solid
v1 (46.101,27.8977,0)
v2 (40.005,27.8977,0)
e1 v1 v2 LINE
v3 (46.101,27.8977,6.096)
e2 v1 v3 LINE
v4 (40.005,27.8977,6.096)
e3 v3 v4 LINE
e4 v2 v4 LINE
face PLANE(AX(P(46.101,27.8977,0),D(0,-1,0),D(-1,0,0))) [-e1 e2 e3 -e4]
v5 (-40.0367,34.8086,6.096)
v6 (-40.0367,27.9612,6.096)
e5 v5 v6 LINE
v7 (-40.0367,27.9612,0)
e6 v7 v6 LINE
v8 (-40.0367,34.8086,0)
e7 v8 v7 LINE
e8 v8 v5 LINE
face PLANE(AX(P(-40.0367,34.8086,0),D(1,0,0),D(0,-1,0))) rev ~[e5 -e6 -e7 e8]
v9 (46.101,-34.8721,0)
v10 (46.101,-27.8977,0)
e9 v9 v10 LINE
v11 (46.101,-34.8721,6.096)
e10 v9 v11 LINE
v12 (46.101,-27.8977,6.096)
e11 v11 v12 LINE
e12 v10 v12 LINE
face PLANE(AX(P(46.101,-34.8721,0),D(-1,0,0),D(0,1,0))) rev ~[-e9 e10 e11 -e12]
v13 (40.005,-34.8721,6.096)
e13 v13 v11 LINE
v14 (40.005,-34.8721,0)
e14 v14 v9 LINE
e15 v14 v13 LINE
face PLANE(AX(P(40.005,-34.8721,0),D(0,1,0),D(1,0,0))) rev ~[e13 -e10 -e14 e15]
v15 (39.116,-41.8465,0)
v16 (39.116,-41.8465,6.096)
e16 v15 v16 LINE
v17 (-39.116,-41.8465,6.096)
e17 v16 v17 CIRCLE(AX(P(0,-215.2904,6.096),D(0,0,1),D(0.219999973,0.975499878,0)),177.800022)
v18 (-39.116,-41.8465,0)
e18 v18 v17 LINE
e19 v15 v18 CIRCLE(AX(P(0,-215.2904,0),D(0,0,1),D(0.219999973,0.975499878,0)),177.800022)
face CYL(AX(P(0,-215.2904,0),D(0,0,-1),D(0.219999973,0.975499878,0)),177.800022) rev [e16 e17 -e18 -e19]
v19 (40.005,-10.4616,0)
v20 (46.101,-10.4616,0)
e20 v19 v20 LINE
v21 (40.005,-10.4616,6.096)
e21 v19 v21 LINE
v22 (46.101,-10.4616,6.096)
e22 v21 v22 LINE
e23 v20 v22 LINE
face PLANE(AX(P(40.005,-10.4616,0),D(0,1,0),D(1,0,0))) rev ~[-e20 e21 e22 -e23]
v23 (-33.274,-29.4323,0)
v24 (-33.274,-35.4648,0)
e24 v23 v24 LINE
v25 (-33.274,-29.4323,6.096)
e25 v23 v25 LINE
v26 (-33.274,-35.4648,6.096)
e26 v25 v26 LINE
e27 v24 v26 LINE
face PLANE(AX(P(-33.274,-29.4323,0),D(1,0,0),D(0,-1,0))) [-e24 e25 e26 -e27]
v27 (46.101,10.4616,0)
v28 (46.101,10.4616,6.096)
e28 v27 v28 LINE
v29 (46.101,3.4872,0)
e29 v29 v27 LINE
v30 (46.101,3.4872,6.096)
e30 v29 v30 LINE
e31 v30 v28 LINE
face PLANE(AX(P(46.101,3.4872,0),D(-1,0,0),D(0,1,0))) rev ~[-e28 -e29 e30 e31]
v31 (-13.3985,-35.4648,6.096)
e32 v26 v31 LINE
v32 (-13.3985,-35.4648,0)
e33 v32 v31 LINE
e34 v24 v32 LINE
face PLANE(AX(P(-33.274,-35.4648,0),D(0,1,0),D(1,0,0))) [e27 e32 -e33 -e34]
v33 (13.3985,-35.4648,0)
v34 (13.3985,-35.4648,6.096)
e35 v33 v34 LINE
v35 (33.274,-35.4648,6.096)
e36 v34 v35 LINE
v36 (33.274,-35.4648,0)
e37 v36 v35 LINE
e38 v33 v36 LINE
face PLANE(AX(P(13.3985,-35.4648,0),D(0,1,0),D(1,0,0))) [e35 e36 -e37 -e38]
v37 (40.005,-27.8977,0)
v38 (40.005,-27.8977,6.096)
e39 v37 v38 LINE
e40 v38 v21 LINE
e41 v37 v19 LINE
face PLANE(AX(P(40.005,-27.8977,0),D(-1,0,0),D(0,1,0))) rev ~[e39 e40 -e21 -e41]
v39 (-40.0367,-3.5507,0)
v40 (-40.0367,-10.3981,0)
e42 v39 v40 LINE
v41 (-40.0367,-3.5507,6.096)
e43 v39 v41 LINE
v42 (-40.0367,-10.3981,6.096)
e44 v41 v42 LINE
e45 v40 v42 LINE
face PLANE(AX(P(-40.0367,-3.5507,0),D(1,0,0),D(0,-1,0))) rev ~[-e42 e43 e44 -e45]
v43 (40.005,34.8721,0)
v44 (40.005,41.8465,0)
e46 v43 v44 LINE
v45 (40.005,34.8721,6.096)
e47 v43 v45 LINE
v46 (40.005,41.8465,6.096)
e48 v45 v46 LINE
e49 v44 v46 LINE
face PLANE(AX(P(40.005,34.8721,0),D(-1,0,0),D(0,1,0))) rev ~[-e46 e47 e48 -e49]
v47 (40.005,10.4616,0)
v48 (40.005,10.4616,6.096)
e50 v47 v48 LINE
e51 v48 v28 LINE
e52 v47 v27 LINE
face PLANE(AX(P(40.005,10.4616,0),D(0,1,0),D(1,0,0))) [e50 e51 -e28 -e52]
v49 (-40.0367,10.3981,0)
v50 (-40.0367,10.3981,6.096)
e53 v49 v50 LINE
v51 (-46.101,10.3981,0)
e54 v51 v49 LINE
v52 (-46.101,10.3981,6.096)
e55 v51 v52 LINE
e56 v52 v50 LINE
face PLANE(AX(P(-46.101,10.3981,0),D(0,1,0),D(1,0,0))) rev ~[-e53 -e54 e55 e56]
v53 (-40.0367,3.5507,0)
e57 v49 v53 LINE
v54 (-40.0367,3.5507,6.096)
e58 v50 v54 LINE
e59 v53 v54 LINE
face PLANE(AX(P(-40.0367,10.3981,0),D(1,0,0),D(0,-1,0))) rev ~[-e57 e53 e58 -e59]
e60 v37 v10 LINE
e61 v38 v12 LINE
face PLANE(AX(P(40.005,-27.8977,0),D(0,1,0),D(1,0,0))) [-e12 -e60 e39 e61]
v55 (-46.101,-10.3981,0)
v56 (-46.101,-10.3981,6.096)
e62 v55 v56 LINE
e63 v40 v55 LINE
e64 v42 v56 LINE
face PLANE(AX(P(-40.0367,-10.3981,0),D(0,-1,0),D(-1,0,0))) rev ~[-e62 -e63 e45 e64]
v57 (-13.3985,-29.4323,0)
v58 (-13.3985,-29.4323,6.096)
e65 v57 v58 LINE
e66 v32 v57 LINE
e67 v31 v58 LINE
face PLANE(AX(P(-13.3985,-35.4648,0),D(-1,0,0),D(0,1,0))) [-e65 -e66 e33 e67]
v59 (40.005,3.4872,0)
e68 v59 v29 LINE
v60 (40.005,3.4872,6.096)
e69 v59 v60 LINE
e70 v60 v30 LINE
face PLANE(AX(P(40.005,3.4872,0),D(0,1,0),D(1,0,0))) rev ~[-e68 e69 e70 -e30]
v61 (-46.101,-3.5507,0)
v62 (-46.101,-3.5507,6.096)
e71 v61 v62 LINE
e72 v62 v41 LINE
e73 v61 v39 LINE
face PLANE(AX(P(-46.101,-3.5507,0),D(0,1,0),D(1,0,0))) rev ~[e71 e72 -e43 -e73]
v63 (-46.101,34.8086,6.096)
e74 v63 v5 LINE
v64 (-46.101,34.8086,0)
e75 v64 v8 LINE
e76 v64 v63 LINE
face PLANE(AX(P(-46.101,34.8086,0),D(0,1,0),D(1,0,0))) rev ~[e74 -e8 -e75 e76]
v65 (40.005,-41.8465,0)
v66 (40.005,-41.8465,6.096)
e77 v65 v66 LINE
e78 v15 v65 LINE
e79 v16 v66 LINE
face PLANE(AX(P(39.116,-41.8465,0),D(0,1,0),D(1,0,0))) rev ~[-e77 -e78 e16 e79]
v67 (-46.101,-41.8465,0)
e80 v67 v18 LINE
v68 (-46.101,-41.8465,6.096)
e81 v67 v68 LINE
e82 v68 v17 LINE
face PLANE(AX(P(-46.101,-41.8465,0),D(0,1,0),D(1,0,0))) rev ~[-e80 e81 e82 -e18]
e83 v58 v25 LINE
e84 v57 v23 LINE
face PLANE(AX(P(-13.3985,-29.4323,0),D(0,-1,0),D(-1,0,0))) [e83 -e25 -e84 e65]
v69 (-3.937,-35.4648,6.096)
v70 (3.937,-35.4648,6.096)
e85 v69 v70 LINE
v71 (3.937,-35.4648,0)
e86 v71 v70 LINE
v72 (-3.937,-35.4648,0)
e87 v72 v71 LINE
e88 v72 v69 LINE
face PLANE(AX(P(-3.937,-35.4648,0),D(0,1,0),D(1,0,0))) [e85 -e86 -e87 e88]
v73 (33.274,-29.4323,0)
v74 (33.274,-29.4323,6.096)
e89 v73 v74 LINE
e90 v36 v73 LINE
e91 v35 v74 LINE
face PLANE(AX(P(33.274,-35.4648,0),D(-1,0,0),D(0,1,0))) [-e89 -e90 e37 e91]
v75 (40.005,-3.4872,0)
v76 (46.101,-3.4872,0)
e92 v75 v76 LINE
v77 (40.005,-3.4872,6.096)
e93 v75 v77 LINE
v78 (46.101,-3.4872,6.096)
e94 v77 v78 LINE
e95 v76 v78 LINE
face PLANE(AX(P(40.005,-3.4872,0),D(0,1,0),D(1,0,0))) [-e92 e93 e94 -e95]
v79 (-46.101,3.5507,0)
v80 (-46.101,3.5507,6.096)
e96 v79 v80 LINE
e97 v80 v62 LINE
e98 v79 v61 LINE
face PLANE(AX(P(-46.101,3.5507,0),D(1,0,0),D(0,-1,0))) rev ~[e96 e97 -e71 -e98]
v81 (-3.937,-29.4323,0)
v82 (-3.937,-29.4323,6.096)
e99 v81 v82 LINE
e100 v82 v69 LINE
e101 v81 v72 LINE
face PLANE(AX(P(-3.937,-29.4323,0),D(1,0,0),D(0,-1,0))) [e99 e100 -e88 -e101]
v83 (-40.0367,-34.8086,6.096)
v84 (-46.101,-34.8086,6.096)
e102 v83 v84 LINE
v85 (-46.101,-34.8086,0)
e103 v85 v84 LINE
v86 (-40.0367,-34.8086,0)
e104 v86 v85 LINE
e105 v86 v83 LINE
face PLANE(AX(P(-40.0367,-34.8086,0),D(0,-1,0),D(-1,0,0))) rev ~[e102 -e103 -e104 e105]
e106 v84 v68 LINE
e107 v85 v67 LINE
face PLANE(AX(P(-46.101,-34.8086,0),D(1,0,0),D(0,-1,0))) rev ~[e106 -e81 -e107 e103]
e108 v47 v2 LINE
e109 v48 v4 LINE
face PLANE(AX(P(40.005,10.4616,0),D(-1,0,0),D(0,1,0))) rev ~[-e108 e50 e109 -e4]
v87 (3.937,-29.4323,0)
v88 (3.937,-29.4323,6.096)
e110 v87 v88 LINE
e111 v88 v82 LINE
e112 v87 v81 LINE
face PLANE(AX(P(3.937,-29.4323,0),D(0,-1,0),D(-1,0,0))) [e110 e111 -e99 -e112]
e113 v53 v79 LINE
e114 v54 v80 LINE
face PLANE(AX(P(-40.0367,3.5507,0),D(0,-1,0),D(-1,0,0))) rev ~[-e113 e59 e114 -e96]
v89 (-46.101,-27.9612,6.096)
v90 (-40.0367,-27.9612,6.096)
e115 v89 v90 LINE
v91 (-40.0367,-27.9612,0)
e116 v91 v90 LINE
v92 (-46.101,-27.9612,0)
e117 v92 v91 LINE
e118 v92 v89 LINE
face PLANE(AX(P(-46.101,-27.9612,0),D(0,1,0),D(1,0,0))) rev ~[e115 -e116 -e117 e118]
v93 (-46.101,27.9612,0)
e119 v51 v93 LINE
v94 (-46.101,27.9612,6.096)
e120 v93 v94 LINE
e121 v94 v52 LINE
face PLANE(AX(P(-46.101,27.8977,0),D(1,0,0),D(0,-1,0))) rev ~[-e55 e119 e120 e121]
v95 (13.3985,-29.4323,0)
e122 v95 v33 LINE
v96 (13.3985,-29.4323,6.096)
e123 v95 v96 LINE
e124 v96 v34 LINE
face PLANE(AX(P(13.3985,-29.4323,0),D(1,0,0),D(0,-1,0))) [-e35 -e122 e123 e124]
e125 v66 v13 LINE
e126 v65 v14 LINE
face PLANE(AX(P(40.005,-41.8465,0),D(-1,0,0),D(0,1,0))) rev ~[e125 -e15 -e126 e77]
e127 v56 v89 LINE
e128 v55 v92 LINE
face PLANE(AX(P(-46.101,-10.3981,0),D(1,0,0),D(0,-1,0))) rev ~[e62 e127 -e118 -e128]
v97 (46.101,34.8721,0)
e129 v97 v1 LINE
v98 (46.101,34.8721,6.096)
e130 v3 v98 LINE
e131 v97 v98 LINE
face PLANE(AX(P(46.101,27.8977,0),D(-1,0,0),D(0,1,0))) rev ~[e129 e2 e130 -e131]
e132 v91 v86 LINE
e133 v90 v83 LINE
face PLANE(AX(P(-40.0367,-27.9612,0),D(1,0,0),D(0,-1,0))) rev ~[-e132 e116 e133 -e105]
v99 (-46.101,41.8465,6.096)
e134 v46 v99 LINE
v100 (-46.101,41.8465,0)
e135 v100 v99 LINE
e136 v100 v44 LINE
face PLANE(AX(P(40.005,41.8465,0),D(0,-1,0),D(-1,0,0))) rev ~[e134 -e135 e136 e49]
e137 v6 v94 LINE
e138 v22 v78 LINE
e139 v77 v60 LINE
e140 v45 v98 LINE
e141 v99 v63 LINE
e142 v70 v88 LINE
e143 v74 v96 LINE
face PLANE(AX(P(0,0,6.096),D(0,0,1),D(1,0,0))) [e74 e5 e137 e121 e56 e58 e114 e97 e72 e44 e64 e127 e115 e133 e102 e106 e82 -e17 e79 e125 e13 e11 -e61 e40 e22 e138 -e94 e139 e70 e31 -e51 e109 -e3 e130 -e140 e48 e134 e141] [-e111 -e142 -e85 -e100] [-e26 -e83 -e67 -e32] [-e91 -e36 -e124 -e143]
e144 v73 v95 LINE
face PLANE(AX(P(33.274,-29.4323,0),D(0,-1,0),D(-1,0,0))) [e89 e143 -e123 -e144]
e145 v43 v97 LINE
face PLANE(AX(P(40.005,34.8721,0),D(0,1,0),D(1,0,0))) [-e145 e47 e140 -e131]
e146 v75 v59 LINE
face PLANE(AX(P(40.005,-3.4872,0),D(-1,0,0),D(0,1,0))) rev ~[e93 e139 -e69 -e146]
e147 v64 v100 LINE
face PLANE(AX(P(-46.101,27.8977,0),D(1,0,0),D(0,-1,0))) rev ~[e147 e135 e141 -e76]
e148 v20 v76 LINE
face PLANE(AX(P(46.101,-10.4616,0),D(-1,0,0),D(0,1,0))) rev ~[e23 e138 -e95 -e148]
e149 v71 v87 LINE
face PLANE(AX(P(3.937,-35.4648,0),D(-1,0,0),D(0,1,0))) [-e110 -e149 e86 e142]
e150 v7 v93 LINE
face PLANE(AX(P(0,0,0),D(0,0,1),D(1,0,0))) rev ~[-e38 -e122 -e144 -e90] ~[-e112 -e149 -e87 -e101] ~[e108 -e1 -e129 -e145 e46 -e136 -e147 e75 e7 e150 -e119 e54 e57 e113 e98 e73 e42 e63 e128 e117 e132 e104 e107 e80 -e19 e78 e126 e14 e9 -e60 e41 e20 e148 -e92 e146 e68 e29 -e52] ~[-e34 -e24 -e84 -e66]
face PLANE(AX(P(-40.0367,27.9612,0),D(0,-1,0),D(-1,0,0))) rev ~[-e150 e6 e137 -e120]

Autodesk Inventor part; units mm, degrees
ref_plane "YZ Plane" through (0, 0, 0) normal (1, 0, 0) x (0, 1, 0)
ref_plane "XZ Plane" through (0, 0, 0) normal (0, 1, 0) x (-1, 0, 0)
ref_plane "XY Plane" through (0, 0, 0) normal (0, 0, 1) x (1, 0, 0)
sketch "Sketch1" plane through (0, 0, 0) normal (0, 0, 1) x (1, 0, 0)
  line L0 (-46.101, -41.8465) -> (-39.116, -41.8465)
  line L1 (46.101, -41.8465) -> (46.101, -34.8721)
  line L2 (46.101, 41.8465) -> (-46.101, 41.8465)
  line L3 (-46.101, 41.8465) -> (-46.101, 34.8721)
  line L4 (-46.101, -41.8465) -> (46.101, 41.8465) construction
  line L5 (46.101, -41.8465) -> (-46.101, 41.8465) construction
  line L6 (-40.005, 41.8465) -> (-40.005, 34.8721) construction
  line L7 (40.005, -41.8465) -> (40.005, -34.8721)
  line L8 (-40.005, -29.4005) -> (-33.3375, -29.4005) construction
  line L9 (-40.005, -35.4965) -> (-33.3375, -35.4965) construction
  line L10 (-33.3375, -29.4005) -> (-33.3375, -35.4965) construction
  line L11 (-13.335, -29.4005) -> (-13.335, -35.4965) construction
  line L12 (-33.3375, -29.4005) -> (-13.335, -29.4005) construction
  line L13 (-13.335, -29.4005) -> (-4.0005, -29.4005) construction
  line L14 (-13.335, -35.4965) -> (-4.0005, -35.4965) construction
  line L15 (-33.3375, -35.4965) -> (-13.335, -35.4965) construction
  line L16 (-64.5414, 0) -> (64.5414, 0) construction
  line L17 (-46.101, 34.8721) -> (-40.005, 34.8721) construction
  line L18 (-46.101, 27.8977) -> (-40.005, 27.8977) construction
  line L19 (40.005, 34.8721) -> (46.101, 34.8721)
  line L20 (-46.101, 34.8721) -> (-46.101, 34.8086)
  line L21 (-46.101, 27.8977) -> (-46.101, 10.3981)
  line L22 (-40.005, 34.8721) -> (-40.005, 27.8977) construction
  line L23 (-40.005, 27.8977) -> (-40.005, 10.4616) construction
  line L24 (46.101, 34.8721) -> (46.101, 41.8465)
  line L25 (40.005, 34.8721) -> (40.005, 41.8465)
  line L26 (-33.274, -35.4648) -> (-13.3985, -35.4648)
  line L27 (-13.3985, -35.4648) -> (-13.3985, -29.4323)
  line L28 (-13.3985, -29.4323) -> (-33.274, -29.4323)
  line L29 (-33.274, -29.4323) -> (-33.274, -35.4648)
  line L30 (-33.274, -35.4648) -> (-13.3985, -29.4323) construction
  line L31 (-13.3985, -35.4648) -> (-33.274, -29.4323) construction
  line L32 (-23.3362, -32.4485) -> (-23.3362, -29.4005) construction
  line L33 (-23.3362, -32.4485) -> (-13.335, -32.4485) construction
  line L34 (-46.101, 34.8086) -> (-40.0367, 34.8086)
  line L35 (-40.0367, 34.8086) -> (-40.0367, 27.9612)
  line L36 (-40.0367, 27.9612) -> (-46.101, 27.9612)
  line L37 (-40.0367, 31.3849) -> (-40.005, 31.3849) construction
  line L38 (-46.101, 34.8086) -> (-46.101, 27.9612)
  line L39 (-46.101, 27.9612) -> (-46.101, 27.8977)
  arc A0 (39.116, -41.8465) -> (-39.116, -41.8465) centre (0, -215.2904) ccw
  line L40 (0, 93.2739) -> (0, -266.7178) construction
  line L41 (-39.116, -41.8465) -> (39.116, -41.8465)
  line L42 (39.116, -41.8465) -> (40.005, -41.8465)
  line L43 (-4.0005, -29.4005) -> (-4.0005, -35.4965) construction
  line L44 (4.0005, -29.4005) -> (4.0005, -35.4965) construction
  line L45 (13.335, -29.4005) -> (13.335, -35.4965) construction
  line L46 (33.3375, -29.4005) -> (33.3375, -35.4965) construction
  line L47 (-3.937, -35.4648) -> (3.937, -35.4648)
  line L48 (3.937, -35.4648) -> (3.937, -29.4323)
  line L49 (3.937, -29.4323) -> (-3.937, -29.4323)
  line L50 (-3.937, -29.4323) -> (-3.937, -35.4648)
  line L51 (-3.937, -35.4648) -> (3.937, -29.4323) construction
  line L52 (3.937, -35.4648) -> (-3.937, -29.4323) construction
  line L53 (13.3985, -35.4648) -> (33.274, -35.4648)
  line L54 (33.274, -35.4648) -> (33.274, -29.4323)
  line L55 (33.274, -29.4323) -> (13.3985, -29.4323)
  line L56 (13.3985, -29.4323) -> (13.3985, -35.4648)
  line L57 (13.3985, -35.4648) -> (33.274, -29.4323) construction
  line L58 (33.274, -35.4648) -> (13.3985, -29.4323) construction
  line L59 (-4.0005, -35.4965) -> (4.0005, -35.4965) construction
  line L60 (4.0005, -35.4965) -> (13.335, -35.4965) construction
  line L61 (4.0005, -29.4005) -> (13.335, -29.4005) construction
  line L62 (-4.0005, -29.4005) -> (4.0005, -29.4005) construction
  line L63 (13.335, -29.4005) -> (33.3375, -29.4005) construction
  line L64 (33.3375, -29.4005) -> (40.005, -29.4005) construction
  line L65 (33.3375, -35.4965) -> (40.005, -35.4965) construction
  line L66 (13.335, -35.4965) -> (33.3375, -35.4965) construction
  line L67 (23.3362, -29.4005) -> (23.3362, -32.4485) construction
  line L68 (-46.101, 10.4616) -> (-40.005, 10.4616) construction
  line L69 (-46.101, 3.4872) -> (-40.005, 3.4872) construction
  line L70 (-46.101, -3.4872) -> (-40.005, -3.4872) construction
  line L71 (-46.101, -10.4616) -> (-40.005, -10.4616) construction
  line L72 (-46.101, -27.8977) -> (-40.005, -27.8977) construction
  line L73 (-46.101, -34.8721) -> (-40.005, -34.8721) construction
  line L74 (-46.101, 10.3981) -> (-40.0367, 10.3981)
  line L75 (-40.0367, 10.3981) -> (-40.0367, 3.5507)
  line L76 (-40.0367, 3.5507) -> (-46.101, 3.5507)
  line L77 (-46.101, -3.5507) -> (-40.0367, -3.5507)
  line L78 (-40.0367, -3.5507) -> (-40.0367, -10.3981)
  line L79 (-40.0367, -10.3981) -> (-46.101, -10.3981)
  line L80 (-46.101, -27.9612) -> (-40.0367, -27.9612)
  line L81 (-40.0367, -27.9612) -> (-40.0367, -34.8086)
  line L82 (-40.0367, -34.8086) -> (-46.101, -34.8086)
  line L83 (-40.005, 10.4616) -> (-40.005, 3.4872) construction
  line L84 (-40.005, 3.4872) -> (-40.005, -3.4872) construction
  line L85 (-40.005, -3.4872) -> (-40.005, -10.4616) construction
  line L86 (-40.005, -10.4616) -> (-40.005, -27.8977) construction
  line L87 (-40.005, -34.8721) -> (-40.005, -41.8465) construction
  line L88 (-40.005, -27.8977) -> (-40.005, -34.8721) construction
  line L89 (-40.0367, -31.3849) -> (-40.005, -31.3849) construction
  line L90 (-40.0367, -6.9744) -> (-40.005, -6.9744) construction
  line L91 (-40.0367, 6.9744) -> (-40.005, 6.9744) construction
  line L92 (-46.101, 10.3981) -> (-46.101, 3.5507)
  line L93 (-46.101, 3.5507) -> (-46.101, -3.5507)
  line L94 (-46.101, -10.3981) -> (-46.101, -27.9612)
  line L95 (-46.101, -3.5507) -> (-46.101, -10.3981)
  line L96 (-46.101, -34.8086) -> (-46.101, -41.8465)
  line L97 (-46.101, -27.9612) -> (-46.101, -34.8086)
  line L98 (46.101, 27.8977) -> (40.005, 27.8977)
  line L99 (40.005, 3.4872) -> (46.101, 3.4872)
  line L100 (40.005, -3.4872) -> (46.101, -3.4872)
  line L101 (40.005, -10.4616) -> (46.101, -10.4616)
  line L102 (40.005, -27.8977) -> (46.101, -27.8977)
  line L103 (40.005, 10.4616) -> (46.101, 10.4616)
  line L104 (40.005, -34.8721) -> (46.101, -34.8721)
  line L105 (40.005, -27.8977) -> (40.005, -10.4616)
  line L106 (40.005, -34.8721) -> (40.005, -27.8977) construction
  line L107 (40.005, -10.4616) -> (40.005, -3.4872) construction
  line L108 (40.005, -3.4872) -> (40.005, 3.4872)
  line L109 (40.005, 3.4872) -> (40.005, 10.4616) construction
  line L110 (40.005, 10.4616) -> (40.005, 27.8977)
  line L111 (40.005, 27.8977) -> (40.005, 34.8721) construction
  line L112 (40.005, -41.8465) -> (46.101, -41.8465)
  line L113 (46.101, -34.8721) -> (46.101, -27.8977)
  line L114 (46.101, -27.8977) -> (46.101, -10.4616)
  line L115 (46.101, -10.4616) -> (46.101, -3.4872)
  line L116 (46.101, -3.4872) -> (46.101, 3.4872)
  line L117 (46.101, 3.4872) -> (46.101, 10.4616)
  line L118 (46.101, 10.4616) -> (46.101, 27.8977)
  line L119 (46.101, 27.8977) -> (46.101, 34.8721)
  point P0 (0, 0)
  point P1 (0, -32.4485)
  dimension "d1" = 6.096
  dimension "d3" = 6.096
  dimension "d4" = 6.35
  dimension "d5" = 20.0025
  dimension "d6" = 13.335
  dimension "d9" = 83.693
  dimension "d10" = 6.9744
  dimension "d11" = 71.247
  dimension "d12" = 6.9744
  dimension "d32" = 6.0325
  dimension "d33" = 19.8755
  dimension "d34" = 6.8474
  dimension "d36" = 6.0643
  dimension "d38" = 6.985
  dimension "d39" = 177.8
  dimension "d40" = 8.001
  dimension "d41" = 4.0005
  dimension "d42" = 20.0025
  dimension "d43" = 7.874
  dimension "d44" = 19.8755
  dimension "d45" = 13.335
  dimension "d46" = 6.9744
  dimension "d47" = 6.9744
  dimension "d48" = 6.8474
  dimension "d49" = 6.8474
  dimension "d50" = 6.8474
  dimension "d51" = 80.01
  dimension "d52" = 6.096
extrude "Extrusion1" add sketch "Sketch1" along normal blind 6.096 contours L96 L82 L81 L80 L94 L79 L78 L77 L93 L76 L75 L74 L21 L39 L36 L35 L34 L20 L3 L2 L25 L19 L119 L98 L110 L103 L117 L99 L108 L100 L115 L101 L105 L102 L113 L104 L7 L42 A0 L0 | L38 L34 L35 L36 | L19 L25 L2 L24 | L29 L28 L27 L26 | L50 L49 L48 L47 | L56 L55 L54 L53
extrude "Extrusion2" cut sketch "Sketch1" along normal blind 6.096 contours L19 L25 L2 L24
extrude "Extrusion3" cut sketch "Sketch1" along normal blind 6.096 contours L38 L34 L35 L36
extrude "Extrusion4" cut sketch "Sketch1" along normal blind 6.096 contours L29 L28 L27 L26 | L50 L49 L48 L47 | L56 L55 L54 L53
fillet "Fillet1" [suppressed]
fillet "Fillet2" [suppressed]
equation "\"d1\" = woodThickness"
equation "\"d3\" = woodThickness"
equation "\"d5\" = toothLength"
equation "\"d6\" = toothOffset"
equation "\"d10\" = 0.0833333 * d9"
equation "\"d11\" = glassHeight - lip"
equation "\"d12\" = d10"
equation "\"d32\" = d1 - lasorTol"
equation "\"d33\" = d5 - 2 * lasorTol"
equation "\"d34\" = d12 - 2 * lasorTol"
equation "\"d36\" = d3 - 0.5 * lasorTol"
equation "\"d40\" = 0.4 * toothLength"
equation "\"d41\" = 0.5 * d40"
equation "\"d42\" = d5"
equation "\"d43\" = d40 - 2 * lasorTol"
equation "\"d44\" = d42 - 2 * lasorTol"
equation "\"d45\" = d6"
equation "\"d46\" = d12"
equation "\"d47\" = d10"
equation "\"d48\" = d34"
equation "\"d49\" = d34"
equation "\"d50\" = d34"
equation "\"d51\" = baseLength"
equation "\"d52\" = woodThickness"
equation "\"d13\" = woodThickness"
equation "\"d15\" = woodThickness"
equation "\"d17\" = woodThickness"
equation "\"d19\" = woodThickness"
equation "\"woodThickness\" = 6.096"
equation "\"toothLength\" = 20.0025"
equation "\"glassHeight\" = 80.772"
equation "\"lip\" = 9.525"
equation "\"lasorTol\" = 0.0635"
equation "\"baseLength\" = 80.01"
equation "\"toothOffset\" = 13.335"
properties part number "CandleHolder-2" material "Wood (Birch)"
